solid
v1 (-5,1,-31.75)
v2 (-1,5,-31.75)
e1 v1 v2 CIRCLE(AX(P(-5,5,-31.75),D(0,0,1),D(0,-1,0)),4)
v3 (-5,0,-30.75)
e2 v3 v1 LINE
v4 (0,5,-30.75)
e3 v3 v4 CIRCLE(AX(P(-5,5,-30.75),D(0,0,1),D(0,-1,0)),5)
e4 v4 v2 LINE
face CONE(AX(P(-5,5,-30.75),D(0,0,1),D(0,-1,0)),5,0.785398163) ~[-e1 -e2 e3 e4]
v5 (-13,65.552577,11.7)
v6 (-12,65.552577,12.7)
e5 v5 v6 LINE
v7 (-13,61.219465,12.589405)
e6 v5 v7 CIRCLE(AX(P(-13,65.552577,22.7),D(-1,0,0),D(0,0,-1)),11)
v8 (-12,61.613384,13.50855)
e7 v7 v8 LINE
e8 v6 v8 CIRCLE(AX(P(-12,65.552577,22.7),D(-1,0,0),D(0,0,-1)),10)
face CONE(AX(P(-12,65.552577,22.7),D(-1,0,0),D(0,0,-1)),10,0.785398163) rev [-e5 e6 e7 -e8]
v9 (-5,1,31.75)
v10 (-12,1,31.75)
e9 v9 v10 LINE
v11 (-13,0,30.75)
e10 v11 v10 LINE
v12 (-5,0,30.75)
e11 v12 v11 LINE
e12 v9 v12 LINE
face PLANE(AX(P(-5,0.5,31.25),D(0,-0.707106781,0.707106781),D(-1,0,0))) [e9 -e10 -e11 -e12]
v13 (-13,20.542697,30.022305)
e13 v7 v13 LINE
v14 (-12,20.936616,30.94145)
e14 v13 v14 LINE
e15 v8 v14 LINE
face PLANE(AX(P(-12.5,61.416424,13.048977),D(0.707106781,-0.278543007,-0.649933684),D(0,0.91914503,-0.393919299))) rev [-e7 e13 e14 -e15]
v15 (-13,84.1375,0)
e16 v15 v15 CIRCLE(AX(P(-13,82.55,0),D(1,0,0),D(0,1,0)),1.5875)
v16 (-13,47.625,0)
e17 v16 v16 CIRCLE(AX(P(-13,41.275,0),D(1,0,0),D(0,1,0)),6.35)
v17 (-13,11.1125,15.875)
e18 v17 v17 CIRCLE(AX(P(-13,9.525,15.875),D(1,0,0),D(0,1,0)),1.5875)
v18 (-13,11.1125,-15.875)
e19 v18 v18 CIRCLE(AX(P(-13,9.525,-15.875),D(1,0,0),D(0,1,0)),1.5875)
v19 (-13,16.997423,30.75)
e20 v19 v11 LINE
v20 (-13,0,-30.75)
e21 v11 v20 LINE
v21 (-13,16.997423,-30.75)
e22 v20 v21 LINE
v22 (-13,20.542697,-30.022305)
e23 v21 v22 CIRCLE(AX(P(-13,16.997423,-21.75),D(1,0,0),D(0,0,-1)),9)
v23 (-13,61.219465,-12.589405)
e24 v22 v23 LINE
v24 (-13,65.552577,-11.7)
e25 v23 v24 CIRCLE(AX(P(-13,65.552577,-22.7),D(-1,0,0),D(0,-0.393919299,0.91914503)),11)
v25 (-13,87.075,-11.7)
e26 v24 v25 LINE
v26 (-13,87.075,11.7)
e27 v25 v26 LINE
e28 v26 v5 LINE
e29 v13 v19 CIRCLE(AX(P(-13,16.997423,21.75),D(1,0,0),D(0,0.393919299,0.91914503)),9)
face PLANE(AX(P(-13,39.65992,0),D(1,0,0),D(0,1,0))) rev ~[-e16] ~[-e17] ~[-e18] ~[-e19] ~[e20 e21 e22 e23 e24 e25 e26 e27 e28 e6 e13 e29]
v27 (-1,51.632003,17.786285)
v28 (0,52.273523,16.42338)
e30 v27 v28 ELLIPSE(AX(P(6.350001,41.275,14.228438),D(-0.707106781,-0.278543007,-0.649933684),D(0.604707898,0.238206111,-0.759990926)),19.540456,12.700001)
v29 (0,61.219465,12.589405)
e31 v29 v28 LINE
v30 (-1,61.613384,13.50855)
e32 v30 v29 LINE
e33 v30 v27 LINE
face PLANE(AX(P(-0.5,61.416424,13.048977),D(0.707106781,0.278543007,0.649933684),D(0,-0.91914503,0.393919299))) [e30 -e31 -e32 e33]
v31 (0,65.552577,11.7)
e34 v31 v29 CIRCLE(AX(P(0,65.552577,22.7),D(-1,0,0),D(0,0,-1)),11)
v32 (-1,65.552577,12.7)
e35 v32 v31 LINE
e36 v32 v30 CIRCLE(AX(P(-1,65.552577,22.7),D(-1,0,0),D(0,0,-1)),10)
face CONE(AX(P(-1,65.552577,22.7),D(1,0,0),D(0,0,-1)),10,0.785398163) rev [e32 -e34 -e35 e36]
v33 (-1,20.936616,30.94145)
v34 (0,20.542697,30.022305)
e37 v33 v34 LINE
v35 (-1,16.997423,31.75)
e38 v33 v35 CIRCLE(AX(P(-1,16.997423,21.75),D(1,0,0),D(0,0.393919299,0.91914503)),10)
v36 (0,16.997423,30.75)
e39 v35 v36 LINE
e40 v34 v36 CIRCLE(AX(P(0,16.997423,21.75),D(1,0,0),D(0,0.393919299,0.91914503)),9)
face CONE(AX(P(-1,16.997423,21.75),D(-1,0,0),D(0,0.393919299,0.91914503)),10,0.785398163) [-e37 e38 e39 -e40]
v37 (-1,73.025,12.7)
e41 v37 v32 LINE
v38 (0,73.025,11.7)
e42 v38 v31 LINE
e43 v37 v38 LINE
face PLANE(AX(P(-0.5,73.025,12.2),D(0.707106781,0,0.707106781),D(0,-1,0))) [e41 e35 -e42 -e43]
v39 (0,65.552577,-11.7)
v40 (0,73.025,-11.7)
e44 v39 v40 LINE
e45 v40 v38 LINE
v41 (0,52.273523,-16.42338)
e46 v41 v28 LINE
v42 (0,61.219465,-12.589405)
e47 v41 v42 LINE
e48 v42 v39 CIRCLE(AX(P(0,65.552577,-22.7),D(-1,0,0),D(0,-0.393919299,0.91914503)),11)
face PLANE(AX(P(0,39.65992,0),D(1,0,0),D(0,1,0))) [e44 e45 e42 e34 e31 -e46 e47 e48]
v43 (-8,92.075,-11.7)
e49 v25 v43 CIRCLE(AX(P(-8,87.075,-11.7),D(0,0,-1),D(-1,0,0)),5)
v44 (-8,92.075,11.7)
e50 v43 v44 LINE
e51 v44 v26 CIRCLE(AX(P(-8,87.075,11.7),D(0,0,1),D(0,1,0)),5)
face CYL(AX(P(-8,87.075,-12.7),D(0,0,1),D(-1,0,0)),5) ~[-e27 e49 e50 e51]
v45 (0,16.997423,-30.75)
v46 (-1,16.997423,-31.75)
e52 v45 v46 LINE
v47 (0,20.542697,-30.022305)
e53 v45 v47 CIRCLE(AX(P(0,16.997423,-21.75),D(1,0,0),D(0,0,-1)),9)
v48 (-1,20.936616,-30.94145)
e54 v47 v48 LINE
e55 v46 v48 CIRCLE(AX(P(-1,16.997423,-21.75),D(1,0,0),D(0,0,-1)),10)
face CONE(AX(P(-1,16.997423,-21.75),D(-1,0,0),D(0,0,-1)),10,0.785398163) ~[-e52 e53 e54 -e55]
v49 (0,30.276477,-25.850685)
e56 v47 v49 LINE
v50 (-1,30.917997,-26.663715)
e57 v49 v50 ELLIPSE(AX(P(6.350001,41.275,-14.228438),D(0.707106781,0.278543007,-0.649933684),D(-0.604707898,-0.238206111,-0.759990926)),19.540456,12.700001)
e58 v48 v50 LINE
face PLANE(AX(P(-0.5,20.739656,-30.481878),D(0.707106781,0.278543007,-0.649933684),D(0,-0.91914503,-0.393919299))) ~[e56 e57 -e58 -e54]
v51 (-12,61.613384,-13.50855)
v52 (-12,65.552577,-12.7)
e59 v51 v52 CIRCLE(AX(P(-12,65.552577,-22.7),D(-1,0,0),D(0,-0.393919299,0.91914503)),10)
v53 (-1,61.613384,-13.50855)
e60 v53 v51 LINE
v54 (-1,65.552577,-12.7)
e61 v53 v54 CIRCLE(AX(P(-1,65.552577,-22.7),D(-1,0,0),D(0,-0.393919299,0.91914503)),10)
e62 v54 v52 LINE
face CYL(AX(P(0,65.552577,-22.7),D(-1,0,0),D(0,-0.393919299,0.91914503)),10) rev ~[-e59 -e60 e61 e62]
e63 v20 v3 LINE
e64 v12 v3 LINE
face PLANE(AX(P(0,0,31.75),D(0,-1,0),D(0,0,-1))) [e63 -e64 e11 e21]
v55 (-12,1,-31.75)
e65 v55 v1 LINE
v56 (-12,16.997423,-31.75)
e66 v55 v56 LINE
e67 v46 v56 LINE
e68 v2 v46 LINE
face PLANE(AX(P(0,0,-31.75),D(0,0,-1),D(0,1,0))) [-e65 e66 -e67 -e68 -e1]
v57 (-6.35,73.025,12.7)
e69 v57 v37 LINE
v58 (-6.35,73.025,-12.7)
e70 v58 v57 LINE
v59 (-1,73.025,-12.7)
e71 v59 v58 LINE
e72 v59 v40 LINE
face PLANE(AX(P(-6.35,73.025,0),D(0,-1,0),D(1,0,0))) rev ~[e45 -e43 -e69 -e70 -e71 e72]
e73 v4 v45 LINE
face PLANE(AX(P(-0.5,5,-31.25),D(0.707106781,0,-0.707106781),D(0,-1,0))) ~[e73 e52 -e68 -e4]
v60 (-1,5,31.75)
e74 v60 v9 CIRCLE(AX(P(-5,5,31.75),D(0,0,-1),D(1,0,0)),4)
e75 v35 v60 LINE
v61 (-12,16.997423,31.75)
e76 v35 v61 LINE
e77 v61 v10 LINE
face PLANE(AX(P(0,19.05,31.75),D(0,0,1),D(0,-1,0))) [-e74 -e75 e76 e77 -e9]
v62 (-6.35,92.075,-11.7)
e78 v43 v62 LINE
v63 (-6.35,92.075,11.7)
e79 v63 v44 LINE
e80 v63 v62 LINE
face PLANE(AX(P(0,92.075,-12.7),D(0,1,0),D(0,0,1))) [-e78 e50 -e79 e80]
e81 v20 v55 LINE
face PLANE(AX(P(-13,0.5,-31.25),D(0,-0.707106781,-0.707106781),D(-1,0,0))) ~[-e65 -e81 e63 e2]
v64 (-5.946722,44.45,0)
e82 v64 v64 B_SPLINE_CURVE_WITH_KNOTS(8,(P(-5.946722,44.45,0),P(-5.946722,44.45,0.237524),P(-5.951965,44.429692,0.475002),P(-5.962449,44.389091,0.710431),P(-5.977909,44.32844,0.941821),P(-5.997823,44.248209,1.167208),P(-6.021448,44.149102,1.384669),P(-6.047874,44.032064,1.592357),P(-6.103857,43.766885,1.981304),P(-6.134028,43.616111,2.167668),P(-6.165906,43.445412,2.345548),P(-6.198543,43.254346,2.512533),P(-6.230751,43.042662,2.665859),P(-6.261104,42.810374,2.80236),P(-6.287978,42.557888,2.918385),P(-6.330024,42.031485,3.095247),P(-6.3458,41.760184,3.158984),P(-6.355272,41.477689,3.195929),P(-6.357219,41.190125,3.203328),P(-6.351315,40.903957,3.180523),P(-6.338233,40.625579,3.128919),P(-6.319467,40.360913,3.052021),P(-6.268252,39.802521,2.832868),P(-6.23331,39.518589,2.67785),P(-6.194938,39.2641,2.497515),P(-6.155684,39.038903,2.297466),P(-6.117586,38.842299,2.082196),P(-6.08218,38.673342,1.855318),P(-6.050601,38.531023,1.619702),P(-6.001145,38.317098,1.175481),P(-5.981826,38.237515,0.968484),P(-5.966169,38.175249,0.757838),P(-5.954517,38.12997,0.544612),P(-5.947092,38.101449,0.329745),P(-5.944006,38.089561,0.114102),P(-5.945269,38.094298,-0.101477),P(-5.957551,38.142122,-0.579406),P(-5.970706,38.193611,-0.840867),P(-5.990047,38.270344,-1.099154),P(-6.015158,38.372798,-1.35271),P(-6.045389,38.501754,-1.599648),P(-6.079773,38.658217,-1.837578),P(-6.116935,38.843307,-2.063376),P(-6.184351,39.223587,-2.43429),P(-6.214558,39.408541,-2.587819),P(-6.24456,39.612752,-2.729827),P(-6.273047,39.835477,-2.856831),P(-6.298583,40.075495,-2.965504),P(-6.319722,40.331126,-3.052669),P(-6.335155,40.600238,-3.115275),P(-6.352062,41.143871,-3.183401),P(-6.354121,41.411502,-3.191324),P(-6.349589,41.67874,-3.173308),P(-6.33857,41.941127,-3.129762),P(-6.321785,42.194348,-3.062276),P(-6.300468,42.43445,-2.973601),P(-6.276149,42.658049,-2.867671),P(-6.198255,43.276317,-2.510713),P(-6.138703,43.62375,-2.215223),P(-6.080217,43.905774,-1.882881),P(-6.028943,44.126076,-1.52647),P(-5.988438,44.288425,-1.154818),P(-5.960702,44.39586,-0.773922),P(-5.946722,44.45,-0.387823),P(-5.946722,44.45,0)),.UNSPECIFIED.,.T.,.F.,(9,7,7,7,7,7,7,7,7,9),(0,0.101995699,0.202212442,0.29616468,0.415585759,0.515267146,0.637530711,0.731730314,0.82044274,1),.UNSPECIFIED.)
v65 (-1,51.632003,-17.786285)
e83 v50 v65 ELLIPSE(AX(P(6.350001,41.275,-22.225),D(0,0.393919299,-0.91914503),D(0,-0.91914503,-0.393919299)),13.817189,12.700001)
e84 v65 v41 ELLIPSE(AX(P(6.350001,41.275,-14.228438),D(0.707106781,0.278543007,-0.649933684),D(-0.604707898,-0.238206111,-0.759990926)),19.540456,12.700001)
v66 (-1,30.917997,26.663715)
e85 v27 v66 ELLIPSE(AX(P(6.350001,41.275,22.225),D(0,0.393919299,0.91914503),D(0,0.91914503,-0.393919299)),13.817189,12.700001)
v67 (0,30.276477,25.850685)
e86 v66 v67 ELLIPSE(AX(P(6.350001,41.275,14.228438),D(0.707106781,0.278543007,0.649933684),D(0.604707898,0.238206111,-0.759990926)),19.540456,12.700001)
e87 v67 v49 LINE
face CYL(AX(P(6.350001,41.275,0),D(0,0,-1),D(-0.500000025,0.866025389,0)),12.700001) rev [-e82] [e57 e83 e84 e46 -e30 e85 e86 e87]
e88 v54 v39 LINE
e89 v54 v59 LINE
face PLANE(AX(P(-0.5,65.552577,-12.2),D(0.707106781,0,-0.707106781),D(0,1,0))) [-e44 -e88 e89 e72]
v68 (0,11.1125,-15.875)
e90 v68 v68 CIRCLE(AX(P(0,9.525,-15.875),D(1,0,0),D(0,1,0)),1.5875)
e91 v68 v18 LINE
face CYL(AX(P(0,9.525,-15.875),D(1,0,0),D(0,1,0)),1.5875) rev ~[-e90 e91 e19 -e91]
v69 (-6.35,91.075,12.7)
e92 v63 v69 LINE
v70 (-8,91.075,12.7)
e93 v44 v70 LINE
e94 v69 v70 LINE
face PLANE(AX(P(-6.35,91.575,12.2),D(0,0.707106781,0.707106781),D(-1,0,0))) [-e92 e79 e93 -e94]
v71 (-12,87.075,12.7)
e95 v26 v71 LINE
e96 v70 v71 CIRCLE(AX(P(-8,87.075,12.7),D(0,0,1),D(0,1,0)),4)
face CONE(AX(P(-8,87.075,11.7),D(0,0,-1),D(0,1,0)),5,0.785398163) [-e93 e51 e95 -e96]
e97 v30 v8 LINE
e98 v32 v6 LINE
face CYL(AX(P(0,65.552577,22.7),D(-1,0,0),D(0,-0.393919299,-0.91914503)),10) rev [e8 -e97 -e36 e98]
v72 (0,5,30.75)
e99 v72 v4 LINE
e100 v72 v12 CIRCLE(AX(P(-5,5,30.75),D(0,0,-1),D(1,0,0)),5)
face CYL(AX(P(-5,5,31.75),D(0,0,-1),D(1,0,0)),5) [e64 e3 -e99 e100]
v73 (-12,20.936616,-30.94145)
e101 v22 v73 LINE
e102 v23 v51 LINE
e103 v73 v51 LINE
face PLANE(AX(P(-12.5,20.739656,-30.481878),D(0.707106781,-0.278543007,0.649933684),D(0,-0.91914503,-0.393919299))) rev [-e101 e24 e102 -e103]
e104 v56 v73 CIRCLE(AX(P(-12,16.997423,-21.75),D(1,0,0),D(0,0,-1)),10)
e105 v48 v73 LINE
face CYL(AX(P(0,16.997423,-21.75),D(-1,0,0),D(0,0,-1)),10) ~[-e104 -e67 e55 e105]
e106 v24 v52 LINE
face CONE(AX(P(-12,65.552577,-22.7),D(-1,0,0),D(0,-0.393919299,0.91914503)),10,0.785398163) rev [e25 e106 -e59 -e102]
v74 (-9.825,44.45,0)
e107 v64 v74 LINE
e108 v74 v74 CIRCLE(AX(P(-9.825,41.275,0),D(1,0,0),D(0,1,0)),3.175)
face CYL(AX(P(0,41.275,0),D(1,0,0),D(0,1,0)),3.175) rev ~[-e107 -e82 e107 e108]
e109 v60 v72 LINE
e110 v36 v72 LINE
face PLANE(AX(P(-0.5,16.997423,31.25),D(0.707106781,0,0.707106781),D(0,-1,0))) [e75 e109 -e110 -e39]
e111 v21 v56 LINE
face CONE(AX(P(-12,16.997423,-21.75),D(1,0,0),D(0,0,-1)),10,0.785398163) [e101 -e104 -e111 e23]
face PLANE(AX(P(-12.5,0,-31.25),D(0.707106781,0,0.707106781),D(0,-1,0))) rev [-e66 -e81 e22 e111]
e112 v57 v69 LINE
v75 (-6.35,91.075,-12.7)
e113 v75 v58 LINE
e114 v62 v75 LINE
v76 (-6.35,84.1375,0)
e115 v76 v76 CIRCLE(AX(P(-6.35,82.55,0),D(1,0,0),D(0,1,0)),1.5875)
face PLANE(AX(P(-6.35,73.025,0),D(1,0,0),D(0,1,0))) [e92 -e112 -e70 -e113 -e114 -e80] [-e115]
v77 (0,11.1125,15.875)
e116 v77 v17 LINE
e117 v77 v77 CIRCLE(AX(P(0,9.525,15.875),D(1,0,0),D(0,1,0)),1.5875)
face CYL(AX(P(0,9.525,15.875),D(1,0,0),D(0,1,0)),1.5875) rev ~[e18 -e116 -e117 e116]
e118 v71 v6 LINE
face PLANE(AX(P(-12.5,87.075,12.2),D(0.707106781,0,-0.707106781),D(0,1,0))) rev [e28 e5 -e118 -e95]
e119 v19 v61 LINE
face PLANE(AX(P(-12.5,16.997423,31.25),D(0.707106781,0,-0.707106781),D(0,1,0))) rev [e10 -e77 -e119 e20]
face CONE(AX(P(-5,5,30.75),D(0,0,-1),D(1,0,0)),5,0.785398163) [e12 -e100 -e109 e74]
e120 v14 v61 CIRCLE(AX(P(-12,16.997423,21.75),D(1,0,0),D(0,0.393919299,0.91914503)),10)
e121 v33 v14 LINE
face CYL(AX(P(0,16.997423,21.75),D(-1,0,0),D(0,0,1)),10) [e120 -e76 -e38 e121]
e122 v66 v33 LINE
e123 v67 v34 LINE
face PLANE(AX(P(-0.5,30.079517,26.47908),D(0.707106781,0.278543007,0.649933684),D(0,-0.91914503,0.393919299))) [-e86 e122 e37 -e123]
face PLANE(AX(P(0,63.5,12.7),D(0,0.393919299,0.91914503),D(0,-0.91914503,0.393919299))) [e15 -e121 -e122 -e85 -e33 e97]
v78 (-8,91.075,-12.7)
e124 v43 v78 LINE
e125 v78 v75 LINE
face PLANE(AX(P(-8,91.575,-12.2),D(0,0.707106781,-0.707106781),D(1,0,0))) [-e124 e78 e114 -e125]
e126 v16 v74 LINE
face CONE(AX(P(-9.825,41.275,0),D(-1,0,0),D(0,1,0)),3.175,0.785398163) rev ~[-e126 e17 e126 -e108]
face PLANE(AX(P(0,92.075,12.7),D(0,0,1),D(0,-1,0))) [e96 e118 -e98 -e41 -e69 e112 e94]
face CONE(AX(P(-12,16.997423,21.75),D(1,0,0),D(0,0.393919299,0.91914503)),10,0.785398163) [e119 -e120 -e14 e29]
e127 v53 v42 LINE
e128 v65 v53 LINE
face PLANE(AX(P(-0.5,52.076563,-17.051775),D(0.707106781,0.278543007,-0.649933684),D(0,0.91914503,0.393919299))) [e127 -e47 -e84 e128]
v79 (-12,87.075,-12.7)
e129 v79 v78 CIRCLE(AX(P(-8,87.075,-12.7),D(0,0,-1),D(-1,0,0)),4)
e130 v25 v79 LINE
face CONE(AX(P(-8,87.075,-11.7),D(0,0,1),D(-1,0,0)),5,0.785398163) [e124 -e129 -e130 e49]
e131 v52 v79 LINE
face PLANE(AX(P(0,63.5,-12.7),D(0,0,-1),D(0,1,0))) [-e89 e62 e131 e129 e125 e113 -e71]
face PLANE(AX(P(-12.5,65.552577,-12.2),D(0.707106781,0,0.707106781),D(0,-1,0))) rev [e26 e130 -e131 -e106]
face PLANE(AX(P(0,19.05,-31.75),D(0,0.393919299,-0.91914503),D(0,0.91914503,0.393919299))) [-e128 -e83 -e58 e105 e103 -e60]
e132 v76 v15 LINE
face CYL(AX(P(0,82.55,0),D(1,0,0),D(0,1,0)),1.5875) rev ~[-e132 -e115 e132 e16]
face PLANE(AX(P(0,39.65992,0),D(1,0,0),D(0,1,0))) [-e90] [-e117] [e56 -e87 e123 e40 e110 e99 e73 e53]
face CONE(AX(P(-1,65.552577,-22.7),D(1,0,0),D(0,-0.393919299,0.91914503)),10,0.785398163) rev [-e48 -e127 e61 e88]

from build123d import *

# Parameters (mm, degrees)
F0_R     = 1.5875
F0_R_2   = 3.175
F1_DEPTH = 13
F2_W     = 6.35
F2_H     = 19.05
F3_DEPTH = 37.5
F4_R     = 10
F5_R     = 5
F6_SIZE  = 1
F7_SIZE  = 3.175


with BuildPart() as f1:
    # F0 (on Right) → F1 (new body)
    with BuildSketch(Plane.YZ):
        Polygon((0, 31.75), (0, 0), (0, -31.75), (19.05, -31.75), (63.5, -12.7), (92.075, -12.7), (92.075, 0), (92.075, 12.7), (63.5, 12.7), (19.05, 31.75), align=None)
        with Locations((9.525, -15.875)):
            Circle(F0_R, mode=Mode.SUBTRACT)
        with Locations((41.275, 0)):
            Circle(F0_R_2, mode=Mode.SUBTRACT)
        with Locations((9.525, 15.875)):
            Circle(F0_R, mode=Mode.SUBTRACT)
        with Locations((82.55, 0)):
            Circle(F0_R, mode=Mode.SUBTRACT)
    extrude(amount=-F1_DEPTH)

    # F2 (on Top) → F3 (cut, symmetric)
    with BuildSketch(Plane.XY):
        with BuildLine():
            Line((0, 30.276477), (0, 52.273523))
            ThreePointArc((0, 52.273523), (-6.35, 41.275), (0, 30.276477))
        make_face()
        with Locations((-3.175, 82.55)):
            Rectangle(F2_W, F2_H)
    extrude(amount=F3_DEPTH, both=True, mode=Mode.SUBTRACT)

    # F4
    f4_edges = [f1.edges().sort_by_distance(p)[0] for p in [
        (-6.5, 19.05, 31.75),
        (-6.5, 63.5, 12.7),
        (-6.5, 63.5, -12.7),
        (-6.5, 19.05, -31.75),
    ]]
    fillet(f4_edges, radius=F4_R)

    # F5
    f5_edges = [f1.edges().sort_by_distance(p)[0] for p in [
        (-13, 92.075, 0),
        (0, 0, 0),
    ]]
    fillet(f5_edges, radius=F5_R)

    # F6
    f6_edges = [f1.edges().sort_by_distance(p)[0] for p in [
        (-13, 76.313789, 12.7),
        (0, 10.998711, 31.75),
        (0, 25.606547, 28.940051),
        (0, 56.943453, 15.509949),
        (0, 69.288789, -12.7),
        (0, 25.606547, -28.940051),
        (0, 56.943453, -15.509949),
        (-13, 76.313789, -12.7),
    ]]
    chamfer(f6_edges, length=F6_SIZE)

    # F7
    f7_edges = [f1.edges().sort_by_distance(p)[0] for p in [
        (-13, 38.1, 0),
    ]]
    chamfer(f7_edges, length=F7_SIZE)


solid = f1.part
